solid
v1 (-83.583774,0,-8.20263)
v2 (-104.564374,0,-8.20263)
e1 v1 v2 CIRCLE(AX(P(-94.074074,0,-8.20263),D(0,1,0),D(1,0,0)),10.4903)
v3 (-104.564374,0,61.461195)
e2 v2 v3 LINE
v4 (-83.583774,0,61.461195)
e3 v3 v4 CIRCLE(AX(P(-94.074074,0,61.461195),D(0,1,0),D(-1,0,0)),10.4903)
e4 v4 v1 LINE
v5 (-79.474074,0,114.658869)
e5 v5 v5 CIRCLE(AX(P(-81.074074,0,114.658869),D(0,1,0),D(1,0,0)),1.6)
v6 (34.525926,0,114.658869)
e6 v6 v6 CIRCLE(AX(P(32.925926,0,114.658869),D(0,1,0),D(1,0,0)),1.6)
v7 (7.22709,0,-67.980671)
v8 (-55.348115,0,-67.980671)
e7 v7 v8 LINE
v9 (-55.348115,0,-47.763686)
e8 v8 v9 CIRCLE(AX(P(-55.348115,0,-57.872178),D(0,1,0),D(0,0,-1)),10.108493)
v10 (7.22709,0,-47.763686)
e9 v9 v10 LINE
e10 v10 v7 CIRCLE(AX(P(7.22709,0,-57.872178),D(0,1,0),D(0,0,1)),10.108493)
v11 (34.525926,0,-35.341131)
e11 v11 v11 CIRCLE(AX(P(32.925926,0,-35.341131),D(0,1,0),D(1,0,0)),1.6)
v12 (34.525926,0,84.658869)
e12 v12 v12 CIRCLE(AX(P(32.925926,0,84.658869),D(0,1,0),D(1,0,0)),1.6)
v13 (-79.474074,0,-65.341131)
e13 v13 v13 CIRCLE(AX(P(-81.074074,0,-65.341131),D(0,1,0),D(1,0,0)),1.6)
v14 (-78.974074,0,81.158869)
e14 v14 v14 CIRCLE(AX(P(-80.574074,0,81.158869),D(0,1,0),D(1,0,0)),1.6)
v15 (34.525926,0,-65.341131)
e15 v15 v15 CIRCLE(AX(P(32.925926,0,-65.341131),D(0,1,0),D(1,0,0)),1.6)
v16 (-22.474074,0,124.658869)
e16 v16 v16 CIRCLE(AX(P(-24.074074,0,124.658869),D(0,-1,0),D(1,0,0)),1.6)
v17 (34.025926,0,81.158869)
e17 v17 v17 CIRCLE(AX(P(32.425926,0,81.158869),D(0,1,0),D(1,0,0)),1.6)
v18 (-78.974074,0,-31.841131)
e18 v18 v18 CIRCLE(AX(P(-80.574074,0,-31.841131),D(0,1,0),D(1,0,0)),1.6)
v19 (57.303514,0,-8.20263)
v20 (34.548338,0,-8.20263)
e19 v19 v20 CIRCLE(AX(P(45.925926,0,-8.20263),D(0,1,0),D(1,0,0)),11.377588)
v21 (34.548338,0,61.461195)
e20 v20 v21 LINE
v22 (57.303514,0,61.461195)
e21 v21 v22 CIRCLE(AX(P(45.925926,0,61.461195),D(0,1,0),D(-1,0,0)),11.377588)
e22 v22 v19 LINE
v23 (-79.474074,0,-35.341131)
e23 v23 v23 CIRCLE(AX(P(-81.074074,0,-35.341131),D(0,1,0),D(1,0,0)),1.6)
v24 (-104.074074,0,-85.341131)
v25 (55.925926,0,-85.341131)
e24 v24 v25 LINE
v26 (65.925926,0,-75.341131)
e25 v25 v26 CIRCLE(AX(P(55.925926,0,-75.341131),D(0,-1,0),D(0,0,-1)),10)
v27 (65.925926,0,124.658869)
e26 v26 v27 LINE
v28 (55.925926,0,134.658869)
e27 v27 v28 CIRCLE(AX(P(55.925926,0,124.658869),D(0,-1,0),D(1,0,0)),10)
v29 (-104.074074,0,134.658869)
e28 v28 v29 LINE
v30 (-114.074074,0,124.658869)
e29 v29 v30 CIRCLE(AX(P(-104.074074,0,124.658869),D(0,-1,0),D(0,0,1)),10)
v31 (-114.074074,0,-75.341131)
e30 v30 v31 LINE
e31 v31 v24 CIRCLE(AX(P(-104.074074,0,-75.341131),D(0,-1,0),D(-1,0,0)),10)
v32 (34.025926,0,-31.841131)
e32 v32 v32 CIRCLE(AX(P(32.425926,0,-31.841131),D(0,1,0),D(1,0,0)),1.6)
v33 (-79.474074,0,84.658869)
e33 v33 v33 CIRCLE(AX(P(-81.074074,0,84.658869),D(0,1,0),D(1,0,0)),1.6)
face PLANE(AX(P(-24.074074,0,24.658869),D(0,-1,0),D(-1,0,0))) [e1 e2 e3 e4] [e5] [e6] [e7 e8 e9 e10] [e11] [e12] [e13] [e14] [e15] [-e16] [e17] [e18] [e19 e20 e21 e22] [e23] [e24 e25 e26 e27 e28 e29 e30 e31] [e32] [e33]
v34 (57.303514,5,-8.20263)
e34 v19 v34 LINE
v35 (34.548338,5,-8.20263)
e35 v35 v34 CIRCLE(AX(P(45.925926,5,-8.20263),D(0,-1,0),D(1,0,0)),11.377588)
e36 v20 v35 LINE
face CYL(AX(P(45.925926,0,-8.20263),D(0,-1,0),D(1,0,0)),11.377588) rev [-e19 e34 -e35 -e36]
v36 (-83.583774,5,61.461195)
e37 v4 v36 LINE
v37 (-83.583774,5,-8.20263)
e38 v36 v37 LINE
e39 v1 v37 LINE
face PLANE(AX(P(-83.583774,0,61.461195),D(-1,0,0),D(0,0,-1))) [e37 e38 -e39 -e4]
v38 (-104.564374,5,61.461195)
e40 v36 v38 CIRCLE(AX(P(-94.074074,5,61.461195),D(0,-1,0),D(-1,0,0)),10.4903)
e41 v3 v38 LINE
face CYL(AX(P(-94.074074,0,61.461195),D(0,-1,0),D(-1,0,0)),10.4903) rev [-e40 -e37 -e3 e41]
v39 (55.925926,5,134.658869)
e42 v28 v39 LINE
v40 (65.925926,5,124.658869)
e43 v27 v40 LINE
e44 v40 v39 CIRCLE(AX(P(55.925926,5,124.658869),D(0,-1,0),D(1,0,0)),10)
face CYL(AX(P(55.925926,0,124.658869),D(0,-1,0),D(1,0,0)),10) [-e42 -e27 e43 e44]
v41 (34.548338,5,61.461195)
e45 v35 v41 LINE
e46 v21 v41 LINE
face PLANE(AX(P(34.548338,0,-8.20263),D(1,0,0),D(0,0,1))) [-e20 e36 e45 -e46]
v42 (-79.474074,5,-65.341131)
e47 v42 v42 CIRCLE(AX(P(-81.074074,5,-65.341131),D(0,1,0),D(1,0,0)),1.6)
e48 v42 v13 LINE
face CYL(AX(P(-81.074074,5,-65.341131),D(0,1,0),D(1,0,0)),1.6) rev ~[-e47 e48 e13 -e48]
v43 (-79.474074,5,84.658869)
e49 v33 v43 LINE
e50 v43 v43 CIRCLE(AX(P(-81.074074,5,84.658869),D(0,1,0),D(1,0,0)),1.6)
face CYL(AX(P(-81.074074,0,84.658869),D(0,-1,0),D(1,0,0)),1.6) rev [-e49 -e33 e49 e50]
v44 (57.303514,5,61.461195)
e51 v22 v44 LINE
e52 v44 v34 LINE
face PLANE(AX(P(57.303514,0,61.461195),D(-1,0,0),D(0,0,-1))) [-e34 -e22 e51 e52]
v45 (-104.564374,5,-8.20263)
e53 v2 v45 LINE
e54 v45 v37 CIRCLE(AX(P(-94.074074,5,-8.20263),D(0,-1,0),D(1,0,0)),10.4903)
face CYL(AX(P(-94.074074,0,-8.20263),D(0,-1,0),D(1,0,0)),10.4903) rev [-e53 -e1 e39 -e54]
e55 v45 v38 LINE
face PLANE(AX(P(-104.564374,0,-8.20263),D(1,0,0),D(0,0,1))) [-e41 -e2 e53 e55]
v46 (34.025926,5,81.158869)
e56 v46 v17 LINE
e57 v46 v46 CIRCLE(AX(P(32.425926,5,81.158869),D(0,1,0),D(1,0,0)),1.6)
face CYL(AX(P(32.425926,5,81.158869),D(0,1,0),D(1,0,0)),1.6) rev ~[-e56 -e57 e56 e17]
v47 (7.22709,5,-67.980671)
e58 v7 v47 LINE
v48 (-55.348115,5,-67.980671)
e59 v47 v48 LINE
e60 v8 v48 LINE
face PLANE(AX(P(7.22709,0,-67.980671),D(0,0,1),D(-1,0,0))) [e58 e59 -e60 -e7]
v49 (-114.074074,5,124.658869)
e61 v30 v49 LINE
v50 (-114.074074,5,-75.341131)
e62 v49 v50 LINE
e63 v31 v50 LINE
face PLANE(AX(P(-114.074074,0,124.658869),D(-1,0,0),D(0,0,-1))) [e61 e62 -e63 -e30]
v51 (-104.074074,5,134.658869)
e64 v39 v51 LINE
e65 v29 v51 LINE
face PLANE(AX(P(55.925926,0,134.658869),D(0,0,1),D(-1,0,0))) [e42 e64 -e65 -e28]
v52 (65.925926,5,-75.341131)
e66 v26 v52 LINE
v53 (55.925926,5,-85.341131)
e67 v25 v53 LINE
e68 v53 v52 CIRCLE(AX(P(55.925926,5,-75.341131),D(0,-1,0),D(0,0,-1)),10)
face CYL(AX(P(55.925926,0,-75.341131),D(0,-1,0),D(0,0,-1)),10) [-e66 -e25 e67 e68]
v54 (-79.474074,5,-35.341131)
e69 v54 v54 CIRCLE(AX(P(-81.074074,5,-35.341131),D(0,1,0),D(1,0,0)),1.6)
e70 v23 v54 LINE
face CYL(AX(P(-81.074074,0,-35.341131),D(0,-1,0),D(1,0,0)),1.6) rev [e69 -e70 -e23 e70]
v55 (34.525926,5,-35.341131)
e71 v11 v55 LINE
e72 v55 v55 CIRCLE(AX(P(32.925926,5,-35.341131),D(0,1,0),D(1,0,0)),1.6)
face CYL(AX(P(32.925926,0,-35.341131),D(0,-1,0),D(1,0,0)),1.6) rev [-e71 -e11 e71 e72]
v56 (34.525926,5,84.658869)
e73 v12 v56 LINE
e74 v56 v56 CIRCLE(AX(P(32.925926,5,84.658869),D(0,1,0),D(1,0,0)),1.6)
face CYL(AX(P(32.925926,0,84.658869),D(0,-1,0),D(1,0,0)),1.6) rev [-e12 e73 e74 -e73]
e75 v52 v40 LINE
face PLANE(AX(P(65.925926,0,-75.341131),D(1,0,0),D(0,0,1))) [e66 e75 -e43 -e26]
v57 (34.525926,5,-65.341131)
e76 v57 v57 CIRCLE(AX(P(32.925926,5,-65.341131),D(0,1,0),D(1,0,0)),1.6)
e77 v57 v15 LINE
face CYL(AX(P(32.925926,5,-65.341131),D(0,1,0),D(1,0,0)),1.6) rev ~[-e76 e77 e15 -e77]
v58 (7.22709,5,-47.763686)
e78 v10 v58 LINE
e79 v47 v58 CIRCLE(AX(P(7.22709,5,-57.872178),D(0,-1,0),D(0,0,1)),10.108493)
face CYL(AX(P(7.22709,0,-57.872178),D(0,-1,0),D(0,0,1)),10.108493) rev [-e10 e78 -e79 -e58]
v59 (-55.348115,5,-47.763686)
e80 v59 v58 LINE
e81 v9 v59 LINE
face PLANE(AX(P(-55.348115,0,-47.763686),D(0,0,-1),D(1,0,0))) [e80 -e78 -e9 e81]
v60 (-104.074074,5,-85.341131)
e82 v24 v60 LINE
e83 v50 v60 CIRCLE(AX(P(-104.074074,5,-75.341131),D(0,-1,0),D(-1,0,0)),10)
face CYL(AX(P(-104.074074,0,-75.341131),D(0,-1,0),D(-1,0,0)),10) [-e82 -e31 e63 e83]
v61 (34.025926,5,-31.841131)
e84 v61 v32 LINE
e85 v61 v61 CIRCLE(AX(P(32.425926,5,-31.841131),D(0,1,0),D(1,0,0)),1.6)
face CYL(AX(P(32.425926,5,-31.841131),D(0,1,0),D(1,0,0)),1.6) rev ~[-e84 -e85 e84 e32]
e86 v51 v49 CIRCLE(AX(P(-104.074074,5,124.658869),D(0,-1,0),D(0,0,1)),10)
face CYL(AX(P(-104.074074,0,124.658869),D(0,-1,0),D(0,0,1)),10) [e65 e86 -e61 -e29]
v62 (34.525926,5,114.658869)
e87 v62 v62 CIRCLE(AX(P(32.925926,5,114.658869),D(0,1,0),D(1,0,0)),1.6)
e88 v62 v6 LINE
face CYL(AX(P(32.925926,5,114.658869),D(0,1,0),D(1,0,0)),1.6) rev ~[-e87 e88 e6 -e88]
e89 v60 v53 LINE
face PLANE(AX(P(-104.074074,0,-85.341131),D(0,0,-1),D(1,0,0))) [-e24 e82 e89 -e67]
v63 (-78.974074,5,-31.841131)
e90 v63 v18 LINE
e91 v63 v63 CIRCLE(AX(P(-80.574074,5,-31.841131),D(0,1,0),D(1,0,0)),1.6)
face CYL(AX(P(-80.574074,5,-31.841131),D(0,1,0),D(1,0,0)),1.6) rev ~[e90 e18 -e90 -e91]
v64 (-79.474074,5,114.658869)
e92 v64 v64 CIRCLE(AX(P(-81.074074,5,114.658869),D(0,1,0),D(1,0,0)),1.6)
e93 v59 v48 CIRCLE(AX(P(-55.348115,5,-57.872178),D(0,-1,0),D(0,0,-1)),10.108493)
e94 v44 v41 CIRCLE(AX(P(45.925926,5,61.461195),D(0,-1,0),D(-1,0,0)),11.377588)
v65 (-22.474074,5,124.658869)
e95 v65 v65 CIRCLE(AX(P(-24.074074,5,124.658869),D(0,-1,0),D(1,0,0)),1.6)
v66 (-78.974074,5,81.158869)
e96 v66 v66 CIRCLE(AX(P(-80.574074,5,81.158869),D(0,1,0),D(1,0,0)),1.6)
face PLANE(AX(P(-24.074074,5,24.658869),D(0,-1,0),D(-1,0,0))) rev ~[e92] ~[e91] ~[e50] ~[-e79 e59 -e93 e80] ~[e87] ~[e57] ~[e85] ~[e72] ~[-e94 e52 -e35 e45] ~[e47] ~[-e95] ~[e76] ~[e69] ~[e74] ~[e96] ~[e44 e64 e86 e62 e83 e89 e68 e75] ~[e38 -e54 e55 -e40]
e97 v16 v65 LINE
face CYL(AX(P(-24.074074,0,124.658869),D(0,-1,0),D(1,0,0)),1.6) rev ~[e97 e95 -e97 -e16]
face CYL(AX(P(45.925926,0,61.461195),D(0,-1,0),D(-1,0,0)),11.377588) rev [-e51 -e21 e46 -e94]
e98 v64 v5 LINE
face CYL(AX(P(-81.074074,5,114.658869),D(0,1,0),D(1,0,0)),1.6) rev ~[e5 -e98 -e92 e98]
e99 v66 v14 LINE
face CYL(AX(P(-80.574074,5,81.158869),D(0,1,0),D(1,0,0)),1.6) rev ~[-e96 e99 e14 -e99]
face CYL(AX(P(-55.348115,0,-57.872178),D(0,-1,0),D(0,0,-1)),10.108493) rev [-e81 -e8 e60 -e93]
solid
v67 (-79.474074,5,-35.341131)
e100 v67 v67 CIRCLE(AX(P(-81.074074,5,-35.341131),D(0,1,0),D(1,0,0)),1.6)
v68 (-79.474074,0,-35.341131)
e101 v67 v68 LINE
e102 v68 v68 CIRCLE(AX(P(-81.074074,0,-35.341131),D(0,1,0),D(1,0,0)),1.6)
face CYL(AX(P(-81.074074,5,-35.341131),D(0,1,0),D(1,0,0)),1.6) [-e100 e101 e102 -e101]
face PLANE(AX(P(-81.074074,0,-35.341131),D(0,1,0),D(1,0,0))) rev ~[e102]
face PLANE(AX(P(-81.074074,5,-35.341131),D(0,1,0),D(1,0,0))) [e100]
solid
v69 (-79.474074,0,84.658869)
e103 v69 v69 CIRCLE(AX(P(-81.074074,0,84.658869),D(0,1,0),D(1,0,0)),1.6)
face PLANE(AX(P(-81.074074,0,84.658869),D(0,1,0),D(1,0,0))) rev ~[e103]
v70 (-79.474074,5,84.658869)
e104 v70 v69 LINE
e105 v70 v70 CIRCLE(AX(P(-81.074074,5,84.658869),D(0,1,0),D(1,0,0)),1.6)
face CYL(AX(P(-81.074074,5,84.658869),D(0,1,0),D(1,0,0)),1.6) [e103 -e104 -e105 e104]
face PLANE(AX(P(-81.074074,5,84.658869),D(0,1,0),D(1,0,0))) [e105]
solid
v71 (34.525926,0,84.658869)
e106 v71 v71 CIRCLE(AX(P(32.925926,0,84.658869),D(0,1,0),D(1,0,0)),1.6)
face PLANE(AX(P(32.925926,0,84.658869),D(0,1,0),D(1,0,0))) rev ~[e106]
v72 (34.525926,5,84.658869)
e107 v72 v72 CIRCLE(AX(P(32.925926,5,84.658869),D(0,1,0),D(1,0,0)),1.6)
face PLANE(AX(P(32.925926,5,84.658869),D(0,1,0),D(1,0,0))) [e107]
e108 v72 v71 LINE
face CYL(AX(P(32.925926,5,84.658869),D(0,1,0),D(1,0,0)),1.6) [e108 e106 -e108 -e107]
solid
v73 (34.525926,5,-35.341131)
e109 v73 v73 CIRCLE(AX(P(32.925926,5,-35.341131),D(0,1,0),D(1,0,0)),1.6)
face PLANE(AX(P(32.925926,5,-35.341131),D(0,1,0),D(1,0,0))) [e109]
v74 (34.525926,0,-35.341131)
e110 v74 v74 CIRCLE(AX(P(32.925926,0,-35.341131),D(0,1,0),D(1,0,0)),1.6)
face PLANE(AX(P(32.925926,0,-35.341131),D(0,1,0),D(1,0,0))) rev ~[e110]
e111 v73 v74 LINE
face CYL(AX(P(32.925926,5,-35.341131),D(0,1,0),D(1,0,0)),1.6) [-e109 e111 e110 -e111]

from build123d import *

# Parameters (mm, degrees)
SKETCH_1_R          = 1.6
EXTRUDE_1_DEPTH     = 5
SKETCH_4_R          = 1.6
CUT_EXTRUDE_2_DEPTH = 10
SKETCH_5_R          = 1.6
EXTRUDE_3_DEPTH     = 5
EXTRUDE_3_2_DEPTH   = 5
EXTRUDE_3_3_DEPTH   = 5
EXTRUDE_3_4_DEPTH   = 5
SKETCH_6_R          = 1.6
CUT_EXTRUDE_3_DEPTH = 5
SKETCH_8_R          = 1.6
CUT_EXTRUDE_4_DEPTH = 5
CUT_EXTRUDE_5_DEPTH = 10


with BuildPart() as part:
    # 草图1 → 凸台-拉伸1 (new body)
    with BuildSketch(Plane(origin=(0, 0, 0), x_dir=(1, 0, 0), z_dir=(0, 1, 0))):
        with BuildLine():
            Line((-104.074074074, 85.341130604), (55.925925926, 85.341130604))
            ThreePointArc((55.925925926, 85.341130604), (62.996993738, 82.412198416), (65.925925926, 75.341130604))
            Line((65.925925926, 75.341130604), (65.925925926, -124.658869396))
            ThreePointArc((65.925925926, -124.658869396), (62.996993738, -131.729937208), (55.925925926, -134.658869396))
            Line((55.925925926, -134.658869396), (-104.074074074, -134.658869396))
            ThreePointArc((-104.074074074, -134.658869396), (-111.145141886, -131.729937208), (-114.074074074, -124.658869396))
            Line((-114.074074074, -124.658869396), (-114.074074074, 75.341130604))
            ThreePointArc((-114.074074074, 75.341130604), (-111.145141886, 82.412198416), (-104.074074074, 85.341130604))
        make_face()
        with Locations((-81.074074074, 35.341130604)):
            Circle(SKETCH_1_R, mode=Mode.SUBTRACT)
        with Locations((32.925925926, 35.341130604)):
            Circle(SKETCH_1_R, mode=Mode.SUBTRACT)
        with Locations((32.925925926, -84.658869396)):
            Circle(SKETCH_1_R, mode=Mode.SUBTRACT)
        with Locations((-81.074074074, -84.658869396)):
            Circle(SKETCH_1_R, mode=Mode.SUBTRACT)
    extrude(amount=EXTRUDE_1_DEPTH)

    # 草图4 → 切除-拉伸2 (cut)
    with BuildSketch(Plane(origin=(0, 5, 0), x_dir=(1, 0, 0), z_dir=(0, 1, 0))):
        with Locations((-81.074074074, 65.341130604)):
            Circle(SKETCH_4_R)
        with Locations((32.925925926, 65.341130604)):
            Circle(SKETCH_4_R)
        with Locations((-81.074074074, -114.658869396)):
            Circle(SKETCH_4_R)
        with Locations((32.925925926, -114.658869396)):
            Circle(SKETCH_4_R)
    extrude(amount=-CUT_EXTRUDE_2_DEPTH, mode=Mode.SUBTRACT)

    # 草图6 → 切除-拉伸3 (cut)
    with BuildSketch(Plane(origin=(0, 5, 0), x_dir=(1, 0, 0), z_dir=(0, 1, 0))):
        with Locations((-80.574074074, -81.158869396)):
            Circle(SKETCH_6_R)
        with Locations((-80.574074074, 31.841130604)):
            Circle(SKETCH_6_R)
        with Locations((32.425925926, 31.841130604)):
            Circle(SKETCH_6_R)
        with Locations((32.425925926, -81.158869396)):
            Circle(SKETCH_6_R)
    extrude(amount=-CUT_EXTRUDE_3_DEPTH, mode=Mode.SUBTRACT)

    # 草图8 → 切除-拉伸4 (cut)
    with BuildSketch(Plane.XZ):
        with Locations((-24.074074074, 124.658869396)):
            Circle(SKETCH_8_R)
    extrude(amount=-CUT_EXTRUDE_4_DEPTH, mode=Mode.SUBTRACT)

    # 草图9 → 切除-拉伸5 (cut)
    with BuildSketch(Plane.XZ):
        with BuildLine():
            Line((-83.583774313, 61.461195306), (-83.583774313, -8.202630081))
            ThreePointArc((-83.583774313, -8.202630081), (-94.074074074, -18.692929841), (-104.564373835, -8.202630081))
            Line((-104.564373835, -8.202630081), (-104.564373835, 61.461195306))
            ThreePointArc((-104.564373835, 61.461195306), (-94.074074074, 71.951495067), (-83.583774313, 61.461195306))
        make_face()
        with BuildLine():
            Line((57.303514341, 61.461195306), (57.303514341, -8.202630081))
            ThreePointArc((57.303514341, -8.202630081), (45.925925926, -19.580218496), (34.54833751, -8.202630081))
            Line((34.54833751, -8.202630081), (34.54833751, 61.461195306))
            ThreePointArc((34.54833751, 61.461195306), (45.925925926, 72.838783721), (57.303514341, 61.461195306))
        make_face()
        with BuildLine():
            Line((-55.348114705, -47.763685582), (7.227090262, -47.763685582))
            ThreePointArc((7.227090262, -47.763685582), (17.335582771, -57.87217809), (7.227090262, -67.980670599))
            Line((7.227090262, -67.980670599), (-55.348114705, -67.980670599))
            ThreePointArc((-55.348114705, -67.980670599), (-65.456607213, -57.87217809), (-55.348114705, -47.763685582))
        make_face()
    extrude(amount=-CUT_EXTRUDE_5_DEPTH, mode=Mode.SUBTRACT)


with BuildPart() as body_2:
    # 草图5 → 凸台-拉伸3 (new body)
    with BuildSketch(Plane(origin=(0, 5, 0), x_dir=(1, 0, 0), z_dir=(0, 1, 0))):
        with Locations((-81.074074074, 35.341130604)):
            Circle(SKETCH_5_R)
    extrude(amount=-EXTRUDE_3_DEPTH)


with BuildPart() as body_3:
    # 草图5 → Extrude 3 2 (new body)
    with BuildSketch(Plane(origin=(0, 5, 0), x_dir=(1, 0, 0), z_dir=(0, 1, 0))):
        with Locations((32.925925926, 35.341130604)):
            Circle(SKETCH_5_R)
    extrude(amount=-EXTRUDE_3_2_DEPTH)


with BuildPart() as body_4:
    # 草图5 → Extrude 3 3 (new body)
    with BuildSketch(Plane(origin=(0, 5, 0), x_dir=(1, 0, 0), z_dir=(0, 1, 0))):
        with Locations((32.925925926, -84.658869396)):
            Circle(SKETCH_5_R)
    extrude(amount=-EXTRUDE_3_3_DEPTH)


with BuildPart() as body_5:
    # 草图5 → Extrude 3 4 (new body)
    with BuildSketch(Plane(origin=(0, 5, 0), x_dir=(1, 0, 0), z_dir=(0, 1, 0))):
        with Locations((-81.074074074, -84.658869396)):
            Circle(SKETCH_5_R)
    extrude(amount=-EXTRUDE_3_4_DEPTH)


solid = Compound([part.part, body_2.part, body_3.part, body_4.part, body_5.part])
